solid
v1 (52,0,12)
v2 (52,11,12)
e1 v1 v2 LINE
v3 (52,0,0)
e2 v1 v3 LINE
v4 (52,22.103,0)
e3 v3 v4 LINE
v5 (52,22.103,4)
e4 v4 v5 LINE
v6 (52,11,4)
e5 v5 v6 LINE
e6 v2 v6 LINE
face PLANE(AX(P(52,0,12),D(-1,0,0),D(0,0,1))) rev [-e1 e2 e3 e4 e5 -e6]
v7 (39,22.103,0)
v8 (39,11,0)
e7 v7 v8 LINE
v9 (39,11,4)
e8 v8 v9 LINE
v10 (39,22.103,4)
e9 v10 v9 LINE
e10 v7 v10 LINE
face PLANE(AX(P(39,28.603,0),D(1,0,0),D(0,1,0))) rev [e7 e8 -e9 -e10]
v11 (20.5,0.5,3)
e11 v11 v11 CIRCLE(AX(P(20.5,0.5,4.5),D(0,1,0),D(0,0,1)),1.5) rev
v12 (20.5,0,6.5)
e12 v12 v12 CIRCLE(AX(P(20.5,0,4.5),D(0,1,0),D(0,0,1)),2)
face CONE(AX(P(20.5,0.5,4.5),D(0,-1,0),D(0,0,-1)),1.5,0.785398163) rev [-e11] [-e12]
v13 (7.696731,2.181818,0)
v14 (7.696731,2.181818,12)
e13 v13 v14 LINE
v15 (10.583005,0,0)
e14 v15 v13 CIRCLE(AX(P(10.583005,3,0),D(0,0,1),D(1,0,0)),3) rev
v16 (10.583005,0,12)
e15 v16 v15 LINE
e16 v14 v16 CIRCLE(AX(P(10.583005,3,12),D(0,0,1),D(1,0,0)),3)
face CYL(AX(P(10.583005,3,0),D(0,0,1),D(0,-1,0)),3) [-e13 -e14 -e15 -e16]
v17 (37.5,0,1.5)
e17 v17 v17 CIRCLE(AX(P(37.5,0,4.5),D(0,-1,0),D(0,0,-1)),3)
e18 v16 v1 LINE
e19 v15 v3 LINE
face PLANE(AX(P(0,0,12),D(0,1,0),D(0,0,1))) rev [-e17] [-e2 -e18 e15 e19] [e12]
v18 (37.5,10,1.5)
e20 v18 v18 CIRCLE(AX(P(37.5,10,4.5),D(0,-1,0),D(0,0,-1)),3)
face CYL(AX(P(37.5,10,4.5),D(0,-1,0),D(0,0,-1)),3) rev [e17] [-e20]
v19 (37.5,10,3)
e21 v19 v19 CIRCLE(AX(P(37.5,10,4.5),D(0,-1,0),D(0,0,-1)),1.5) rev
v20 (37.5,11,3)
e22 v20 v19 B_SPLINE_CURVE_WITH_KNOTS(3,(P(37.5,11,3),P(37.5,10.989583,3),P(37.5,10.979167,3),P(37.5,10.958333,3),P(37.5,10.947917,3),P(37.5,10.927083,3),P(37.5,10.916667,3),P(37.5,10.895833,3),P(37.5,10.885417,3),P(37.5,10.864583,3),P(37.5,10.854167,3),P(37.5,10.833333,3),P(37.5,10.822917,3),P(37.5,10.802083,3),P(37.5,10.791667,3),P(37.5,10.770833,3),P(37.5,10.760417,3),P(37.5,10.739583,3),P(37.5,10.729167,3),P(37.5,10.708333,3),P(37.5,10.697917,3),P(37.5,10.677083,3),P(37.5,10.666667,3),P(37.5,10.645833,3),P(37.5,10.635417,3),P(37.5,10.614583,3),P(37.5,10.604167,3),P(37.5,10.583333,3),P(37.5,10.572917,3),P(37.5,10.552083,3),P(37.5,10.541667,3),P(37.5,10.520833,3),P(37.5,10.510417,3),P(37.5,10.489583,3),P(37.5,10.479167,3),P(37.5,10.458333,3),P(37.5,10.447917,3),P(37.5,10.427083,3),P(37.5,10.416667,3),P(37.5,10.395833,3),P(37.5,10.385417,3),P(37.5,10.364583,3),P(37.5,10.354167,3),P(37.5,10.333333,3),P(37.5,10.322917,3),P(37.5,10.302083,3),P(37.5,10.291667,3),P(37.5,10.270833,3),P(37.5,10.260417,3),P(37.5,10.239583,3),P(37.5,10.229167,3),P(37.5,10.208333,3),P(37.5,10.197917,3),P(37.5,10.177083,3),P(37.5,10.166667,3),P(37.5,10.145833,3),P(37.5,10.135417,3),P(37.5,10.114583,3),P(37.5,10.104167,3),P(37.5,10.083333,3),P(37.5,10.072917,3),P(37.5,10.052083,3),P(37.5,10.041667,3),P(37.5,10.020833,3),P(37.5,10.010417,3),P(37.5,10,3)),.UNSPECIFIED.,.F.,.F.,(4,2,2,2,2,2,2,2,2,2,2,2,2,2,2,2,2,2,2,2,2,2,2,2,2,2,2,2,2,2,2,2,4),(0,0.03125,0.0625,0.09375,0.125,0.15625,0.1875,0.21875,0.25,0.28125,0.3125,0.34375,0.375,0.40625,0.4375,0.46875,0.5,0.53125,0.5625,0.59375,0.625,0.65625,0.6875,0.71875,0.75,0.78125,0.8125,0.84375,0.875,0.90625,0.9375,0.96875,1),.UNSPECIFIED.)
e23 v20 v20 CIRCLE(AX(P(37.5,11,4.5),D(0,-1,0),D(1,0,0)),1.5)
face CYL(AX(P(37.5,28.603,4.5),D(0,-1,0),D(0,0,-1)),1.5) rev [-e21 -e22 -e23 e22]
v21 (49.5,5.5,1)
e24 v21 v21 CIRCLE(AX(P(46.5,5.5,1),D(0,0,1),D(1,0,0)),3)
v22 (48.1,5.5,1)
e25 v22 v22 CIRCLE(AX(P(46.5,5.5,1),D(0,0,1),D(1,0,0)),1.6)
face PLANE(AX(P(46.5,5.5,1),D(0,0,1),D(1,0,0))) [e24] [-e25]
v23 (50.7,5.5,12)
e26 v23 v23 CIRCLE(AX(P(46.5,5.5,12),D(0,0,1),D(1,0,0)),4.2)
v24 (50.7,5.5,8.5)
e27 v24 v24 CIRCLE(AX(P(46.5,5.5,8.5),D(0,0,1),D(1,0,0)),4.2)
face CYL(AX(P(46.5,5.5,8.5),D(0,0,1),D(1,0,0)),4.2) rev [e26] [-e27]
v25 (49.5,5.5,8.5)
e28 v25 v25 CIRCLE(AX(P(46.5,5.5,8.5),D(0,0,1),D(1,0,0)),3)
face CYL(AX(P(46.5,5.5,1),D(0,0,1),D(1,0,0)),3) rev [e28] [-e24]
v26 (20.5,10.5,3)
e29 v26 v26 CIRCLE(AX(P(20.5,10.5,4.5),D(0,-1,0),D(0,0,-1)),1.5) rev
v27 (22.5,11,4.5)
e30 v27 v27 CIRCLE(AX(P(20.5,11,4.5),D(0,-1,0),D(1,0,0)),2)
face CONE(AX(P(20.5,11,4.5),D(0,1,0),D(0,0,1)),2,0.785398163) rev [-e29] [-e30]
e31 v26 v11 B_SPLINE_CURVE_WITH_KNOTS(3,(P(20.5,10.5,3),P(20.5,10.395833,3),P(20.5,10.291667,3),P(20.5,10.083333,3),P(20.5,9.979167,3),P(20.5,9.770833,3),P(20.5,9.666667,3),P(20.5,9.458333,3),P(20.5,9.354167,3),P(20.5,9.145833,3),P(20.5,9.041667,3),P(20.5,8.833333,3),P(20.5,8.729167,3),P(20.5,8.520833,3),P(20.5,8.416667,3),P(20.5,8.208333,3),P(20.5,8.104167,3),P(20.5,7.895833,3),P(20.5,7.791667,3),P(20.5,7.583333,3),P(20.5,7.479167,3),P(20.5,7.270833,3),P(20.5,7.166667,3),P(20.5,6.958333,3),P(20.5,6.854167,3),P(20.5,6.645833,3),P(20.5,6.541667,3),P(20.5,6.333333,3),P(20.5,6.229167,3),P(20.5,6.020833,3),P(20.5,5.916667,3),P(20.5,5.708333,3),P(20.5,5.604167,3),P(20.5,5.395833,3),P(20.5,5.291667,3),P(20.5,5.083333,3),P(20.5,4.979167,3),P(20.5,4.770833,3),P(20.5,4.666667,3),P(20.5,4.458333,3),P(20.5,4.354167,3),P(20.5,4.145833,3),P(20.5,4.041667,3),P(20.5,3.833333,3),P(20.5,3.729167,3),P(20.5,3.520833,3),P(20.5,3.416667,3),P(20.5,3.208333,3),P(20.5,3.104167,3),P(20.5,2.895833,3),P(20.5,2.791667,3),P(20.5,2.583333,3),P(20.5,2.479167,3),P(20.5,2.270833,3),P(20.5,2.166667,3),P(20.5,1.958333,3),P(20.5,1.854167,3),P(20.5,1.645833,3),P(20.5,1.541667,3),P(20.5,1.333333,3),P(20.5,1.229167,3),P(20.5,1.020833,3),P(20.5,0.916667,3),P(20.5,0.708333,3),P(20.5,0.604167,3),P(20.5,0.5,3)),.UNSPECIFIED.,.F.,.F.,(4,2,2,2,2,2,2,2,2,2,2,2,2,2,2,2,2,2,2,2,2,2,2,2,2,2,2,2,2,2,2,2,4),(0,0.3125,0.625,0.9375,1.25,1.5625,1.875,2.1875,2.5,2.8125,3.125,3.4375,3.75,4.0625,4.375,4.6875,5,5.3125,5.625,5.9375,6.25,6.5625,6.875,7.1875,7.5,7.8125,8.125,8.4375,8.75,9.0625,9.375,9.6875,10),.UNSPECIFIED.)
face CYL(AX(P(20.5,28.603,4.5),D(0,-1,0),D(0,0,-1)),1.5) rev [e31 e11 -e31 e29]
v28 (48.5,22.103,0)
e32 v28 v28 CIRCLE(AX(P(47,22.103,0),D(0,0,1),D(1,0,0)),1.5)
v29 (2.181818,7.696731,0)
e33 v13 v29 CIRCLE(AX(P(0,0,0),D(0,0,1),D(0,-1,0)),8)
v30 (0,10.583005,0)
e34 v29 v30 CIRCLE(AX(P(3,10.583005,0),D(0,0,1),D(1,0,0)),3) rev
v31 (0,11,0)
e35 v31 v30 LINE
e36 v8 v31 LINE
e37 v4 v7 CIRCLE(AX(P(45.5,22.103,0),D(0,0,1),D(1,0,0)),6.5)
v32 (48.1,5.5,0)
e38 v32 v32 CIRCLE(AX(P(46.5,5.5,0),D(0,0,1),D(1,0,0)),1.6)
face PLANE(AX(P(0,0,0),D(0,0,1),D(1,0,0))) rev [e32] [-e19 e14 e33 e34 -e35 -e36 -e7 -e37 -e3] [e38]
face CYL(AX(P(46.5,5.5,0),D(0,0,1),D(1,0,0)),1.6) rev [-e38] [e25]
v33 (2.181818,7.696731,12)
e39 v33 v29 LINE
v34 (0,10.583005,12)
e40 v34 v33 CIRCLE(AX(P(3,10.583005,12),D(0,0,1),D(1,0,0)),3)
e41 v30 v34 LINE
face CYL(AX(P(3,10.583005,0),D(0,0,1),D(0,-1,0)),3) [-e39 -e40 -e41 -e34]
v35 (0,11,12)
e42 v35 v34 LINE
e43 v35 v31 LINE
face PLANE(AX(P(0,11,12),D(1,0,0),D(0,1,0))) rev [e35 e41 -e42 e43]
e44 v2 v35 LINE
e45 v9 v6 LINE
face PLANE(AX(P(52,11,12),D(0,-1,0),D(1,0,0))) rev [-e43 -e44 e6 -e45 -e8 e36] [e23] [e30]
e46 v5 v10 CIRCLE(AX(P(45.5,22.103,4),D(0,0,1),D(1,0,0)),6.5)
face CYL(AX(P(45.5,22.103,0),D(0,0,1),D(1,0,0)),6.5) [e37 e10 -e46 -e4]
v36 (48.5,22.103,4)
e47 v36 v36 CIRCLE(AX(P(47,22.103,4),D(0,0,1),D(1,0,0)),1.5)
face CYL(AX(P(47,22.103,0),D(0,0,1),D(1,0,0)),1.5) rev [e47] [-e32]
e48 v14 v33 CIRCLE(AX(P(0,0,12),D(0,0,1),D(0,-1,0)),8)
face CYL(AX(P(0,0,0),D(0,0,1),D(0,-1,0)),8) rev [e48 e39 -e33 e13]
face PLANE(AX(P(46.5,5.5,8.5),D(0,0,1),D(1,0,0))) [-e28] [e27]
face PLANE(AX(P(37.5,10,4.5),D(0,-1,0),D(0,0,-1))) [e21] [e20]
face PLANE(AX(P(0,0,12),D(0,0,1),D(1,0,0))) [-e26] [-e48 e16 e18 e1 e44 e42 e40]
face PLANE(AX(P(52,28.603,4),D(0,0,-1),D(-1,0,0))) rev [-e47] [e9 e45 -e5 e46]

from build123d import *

# Parameters (mm, degrees)
SKETCH1_W           = 52
SKETCH1_H           = 11
BOSS_EXTRUDE1_DEPTH = 12
SKETCH3_W           = 12
SKETCH3_H           = 8
CUT_REVOLVE1_ANGLE  = 90
SKETCH4_W           = 13
SKETCH4_H           = 4
BOSS_EXTRUDE2_DEPTH = 17.603
CUT_EXTRUDE1_DEPTH  = 60.884318557
SKETCH7_R           = 1.5
CUT_EXTRUDE2_DEPTH  = 60.884318557
SKETCH8_R           = 4.2
CUT_EXTRUDE3_DEPTH  = 3.5
SKETCH9_R           = 3
CUT_EXTRUDE4_DEPTH  = 7.5
SKETCH10_R          = 1.6
CUT_EXTRUDE5_DEPTH  = 61.358359893
SKETCH11_R          = 1.5
CUT_EXTRUDE6_DEPTH  = 61.548588827
SKETCH13_R          = 3
CUT_EXTRUDE7_DEPTH  = 10
CHAMFER3_SIZE       = 0.5
FILLET11_R          = 3
FILLET12_R          = 3


with BuildPart() as part:
    # Sketch1 → Boss-Extrude1 (new body)
    with BuildSketch(Plane.XY):
        with Locations((26, 5.5)):
            Rectangle(SKETCH1_W, SKETCH1_H)
    extrude(amount=BOSS_EXTRUDE1_DEPTH)

    # Sketch3 → Cut-Revolve1 (revolve, cut)
    with BuildSketch(Plane.ZY):
        with Locations((6, 4)):
            Rectangle(SKETCH3_W, SKETCH3_H)
    revolve(axis=Axis((0, 0, 0), (0, 0, -1)), revolution_arc=CUT_REVOLVE1_ANGLE, mode=Mode.SUBTRACT)

    # Sketch4 → Boss-Extrude2 (add)
    with BuildSketch(Plane(origin=(0, 11, 0), x_dir=(1, 0, 0), z_dir=(0, 1, 0))):
        with Locations((45.5, -2)):
            Rectangle(SKETCH4_W, SKETCH4_H)
    extrude(amount=BOSS_EXTRUDE2_DEPTH)

    # Sketch6 → Cut-Extrude1 (cut, through all)
    with BuildSketch(Plane.XY.offset(4)):
        with BuildLine():
            ThreePointArc((45.5, 28.603), (50.096194078, 26.699194078), (52, 22.103))
            Line((52, 22.103), (52, 28.603))
            Line((52, 28.603), (45.5, 28.603))
        make_face()
        with BuildLine():
            Line((39, 28.603), (39, 22.103))
            ThreePointArc((39, 22.103), (40.903805922, 26.699194078), (45.5, 28.603))
            Line((45.5, 28.603), (39, 28.603))
        make_face()
    extrude(amount=-CUT_EXTRUDE1_DEPTH, mode=Mode.SUBTRACT)

    # Sketch7 → Cut-Extrude2 (cut, through all)
    with BuildSketch(Plane.XY.offset(4)):
        with Locations((47, 22.103)):
            Circle(SKETCH7_R)
    extrude(amount=-CUT_EXTRUDE2_DEPTH, mode=Mode.SUBTRACT)

    # Sketch8 → Cut-Extrude3 (cut)
    with BuildSketch(Plane.XY.offset(12)):
        with Locations((46.5, 5.5)):
            Circle(SKETCH8_R)
    extrude(amount=-CUT_EXTRUDE3_DEPTH, mode=Mode.SUBTRACT)

    # Sketch9 → Cut-Extrude4 (cut)
    with BuildSketch(Plane.XY.offset(8.5)):
        with Locations((46.5, 5.5)):
            Circle(SKETCH9_R)
    extrude(amount=-CUT_EXTRUDE4_DEPTH, mode=Mode.SUBTRACT)

    # Sketch10 → Cut-Extrude5 (cut, through all)
    with BuildSketch(Plane.XY.offset(1)):
        with Locations((46.5, 5.5)):
            Circle(SKETCH10_R)
    extrude(amount=-CUT_EXTRUDE5_DEPTH, mode=Mode.SUBTRACT)

    # Sketch11 → Cut-Extrude6 (cut, through all)
    with BuildSketch(Plane.XZ):
        with Locations(Location((37.5, 4.5, 0), (0, 0, 270))):
            Circle(SKETCH11_R)
        with Locations(Location((20.5, 4.5, 0), (0, 0, 270))):
            Circle(SKETCH11_R)
    extrude(amount=-CUT_EXTRUDE6_DEPTH, mode=Mode.SUBTRACT)

    # Sketch13 → Cut-Extrude7 (cut)
    with BuildSketch(Plane.XZ):
        with Locations(Location((37.5, 4.5, 0), (0, 0, 270))):
            Circle(SKETCH13_R)
    extrude(amount=-CUT_EXTRUDE7_DEPTH, mode=Mode.SUBTRACT)

    # Chamfer3
    chamfer3_edges = [part.edges().sort_by_distance(p)[0] for p in [
        (20.5, 11, 6),
        (20.5, 0, 6),
    ]]
    chamfer(chamfer3_edges, length=CHAMFER3_SIZE)

    # Fillet11
    fillet11_edges = [part.edges().sort_by_distance(p)[0] for p in [
        (0, 8, 6),
    ]]
    fillet(fillet11_edges, radius=FILLET11_R)

    # Fillet12
    fillet12_edges = [part.edges().sort_by_distance(p)[0] for p in [
        (8, 0, 6),
    ]]
    fillet(fillet12_edges, radius=FILLET12_R)


solid = part.part
